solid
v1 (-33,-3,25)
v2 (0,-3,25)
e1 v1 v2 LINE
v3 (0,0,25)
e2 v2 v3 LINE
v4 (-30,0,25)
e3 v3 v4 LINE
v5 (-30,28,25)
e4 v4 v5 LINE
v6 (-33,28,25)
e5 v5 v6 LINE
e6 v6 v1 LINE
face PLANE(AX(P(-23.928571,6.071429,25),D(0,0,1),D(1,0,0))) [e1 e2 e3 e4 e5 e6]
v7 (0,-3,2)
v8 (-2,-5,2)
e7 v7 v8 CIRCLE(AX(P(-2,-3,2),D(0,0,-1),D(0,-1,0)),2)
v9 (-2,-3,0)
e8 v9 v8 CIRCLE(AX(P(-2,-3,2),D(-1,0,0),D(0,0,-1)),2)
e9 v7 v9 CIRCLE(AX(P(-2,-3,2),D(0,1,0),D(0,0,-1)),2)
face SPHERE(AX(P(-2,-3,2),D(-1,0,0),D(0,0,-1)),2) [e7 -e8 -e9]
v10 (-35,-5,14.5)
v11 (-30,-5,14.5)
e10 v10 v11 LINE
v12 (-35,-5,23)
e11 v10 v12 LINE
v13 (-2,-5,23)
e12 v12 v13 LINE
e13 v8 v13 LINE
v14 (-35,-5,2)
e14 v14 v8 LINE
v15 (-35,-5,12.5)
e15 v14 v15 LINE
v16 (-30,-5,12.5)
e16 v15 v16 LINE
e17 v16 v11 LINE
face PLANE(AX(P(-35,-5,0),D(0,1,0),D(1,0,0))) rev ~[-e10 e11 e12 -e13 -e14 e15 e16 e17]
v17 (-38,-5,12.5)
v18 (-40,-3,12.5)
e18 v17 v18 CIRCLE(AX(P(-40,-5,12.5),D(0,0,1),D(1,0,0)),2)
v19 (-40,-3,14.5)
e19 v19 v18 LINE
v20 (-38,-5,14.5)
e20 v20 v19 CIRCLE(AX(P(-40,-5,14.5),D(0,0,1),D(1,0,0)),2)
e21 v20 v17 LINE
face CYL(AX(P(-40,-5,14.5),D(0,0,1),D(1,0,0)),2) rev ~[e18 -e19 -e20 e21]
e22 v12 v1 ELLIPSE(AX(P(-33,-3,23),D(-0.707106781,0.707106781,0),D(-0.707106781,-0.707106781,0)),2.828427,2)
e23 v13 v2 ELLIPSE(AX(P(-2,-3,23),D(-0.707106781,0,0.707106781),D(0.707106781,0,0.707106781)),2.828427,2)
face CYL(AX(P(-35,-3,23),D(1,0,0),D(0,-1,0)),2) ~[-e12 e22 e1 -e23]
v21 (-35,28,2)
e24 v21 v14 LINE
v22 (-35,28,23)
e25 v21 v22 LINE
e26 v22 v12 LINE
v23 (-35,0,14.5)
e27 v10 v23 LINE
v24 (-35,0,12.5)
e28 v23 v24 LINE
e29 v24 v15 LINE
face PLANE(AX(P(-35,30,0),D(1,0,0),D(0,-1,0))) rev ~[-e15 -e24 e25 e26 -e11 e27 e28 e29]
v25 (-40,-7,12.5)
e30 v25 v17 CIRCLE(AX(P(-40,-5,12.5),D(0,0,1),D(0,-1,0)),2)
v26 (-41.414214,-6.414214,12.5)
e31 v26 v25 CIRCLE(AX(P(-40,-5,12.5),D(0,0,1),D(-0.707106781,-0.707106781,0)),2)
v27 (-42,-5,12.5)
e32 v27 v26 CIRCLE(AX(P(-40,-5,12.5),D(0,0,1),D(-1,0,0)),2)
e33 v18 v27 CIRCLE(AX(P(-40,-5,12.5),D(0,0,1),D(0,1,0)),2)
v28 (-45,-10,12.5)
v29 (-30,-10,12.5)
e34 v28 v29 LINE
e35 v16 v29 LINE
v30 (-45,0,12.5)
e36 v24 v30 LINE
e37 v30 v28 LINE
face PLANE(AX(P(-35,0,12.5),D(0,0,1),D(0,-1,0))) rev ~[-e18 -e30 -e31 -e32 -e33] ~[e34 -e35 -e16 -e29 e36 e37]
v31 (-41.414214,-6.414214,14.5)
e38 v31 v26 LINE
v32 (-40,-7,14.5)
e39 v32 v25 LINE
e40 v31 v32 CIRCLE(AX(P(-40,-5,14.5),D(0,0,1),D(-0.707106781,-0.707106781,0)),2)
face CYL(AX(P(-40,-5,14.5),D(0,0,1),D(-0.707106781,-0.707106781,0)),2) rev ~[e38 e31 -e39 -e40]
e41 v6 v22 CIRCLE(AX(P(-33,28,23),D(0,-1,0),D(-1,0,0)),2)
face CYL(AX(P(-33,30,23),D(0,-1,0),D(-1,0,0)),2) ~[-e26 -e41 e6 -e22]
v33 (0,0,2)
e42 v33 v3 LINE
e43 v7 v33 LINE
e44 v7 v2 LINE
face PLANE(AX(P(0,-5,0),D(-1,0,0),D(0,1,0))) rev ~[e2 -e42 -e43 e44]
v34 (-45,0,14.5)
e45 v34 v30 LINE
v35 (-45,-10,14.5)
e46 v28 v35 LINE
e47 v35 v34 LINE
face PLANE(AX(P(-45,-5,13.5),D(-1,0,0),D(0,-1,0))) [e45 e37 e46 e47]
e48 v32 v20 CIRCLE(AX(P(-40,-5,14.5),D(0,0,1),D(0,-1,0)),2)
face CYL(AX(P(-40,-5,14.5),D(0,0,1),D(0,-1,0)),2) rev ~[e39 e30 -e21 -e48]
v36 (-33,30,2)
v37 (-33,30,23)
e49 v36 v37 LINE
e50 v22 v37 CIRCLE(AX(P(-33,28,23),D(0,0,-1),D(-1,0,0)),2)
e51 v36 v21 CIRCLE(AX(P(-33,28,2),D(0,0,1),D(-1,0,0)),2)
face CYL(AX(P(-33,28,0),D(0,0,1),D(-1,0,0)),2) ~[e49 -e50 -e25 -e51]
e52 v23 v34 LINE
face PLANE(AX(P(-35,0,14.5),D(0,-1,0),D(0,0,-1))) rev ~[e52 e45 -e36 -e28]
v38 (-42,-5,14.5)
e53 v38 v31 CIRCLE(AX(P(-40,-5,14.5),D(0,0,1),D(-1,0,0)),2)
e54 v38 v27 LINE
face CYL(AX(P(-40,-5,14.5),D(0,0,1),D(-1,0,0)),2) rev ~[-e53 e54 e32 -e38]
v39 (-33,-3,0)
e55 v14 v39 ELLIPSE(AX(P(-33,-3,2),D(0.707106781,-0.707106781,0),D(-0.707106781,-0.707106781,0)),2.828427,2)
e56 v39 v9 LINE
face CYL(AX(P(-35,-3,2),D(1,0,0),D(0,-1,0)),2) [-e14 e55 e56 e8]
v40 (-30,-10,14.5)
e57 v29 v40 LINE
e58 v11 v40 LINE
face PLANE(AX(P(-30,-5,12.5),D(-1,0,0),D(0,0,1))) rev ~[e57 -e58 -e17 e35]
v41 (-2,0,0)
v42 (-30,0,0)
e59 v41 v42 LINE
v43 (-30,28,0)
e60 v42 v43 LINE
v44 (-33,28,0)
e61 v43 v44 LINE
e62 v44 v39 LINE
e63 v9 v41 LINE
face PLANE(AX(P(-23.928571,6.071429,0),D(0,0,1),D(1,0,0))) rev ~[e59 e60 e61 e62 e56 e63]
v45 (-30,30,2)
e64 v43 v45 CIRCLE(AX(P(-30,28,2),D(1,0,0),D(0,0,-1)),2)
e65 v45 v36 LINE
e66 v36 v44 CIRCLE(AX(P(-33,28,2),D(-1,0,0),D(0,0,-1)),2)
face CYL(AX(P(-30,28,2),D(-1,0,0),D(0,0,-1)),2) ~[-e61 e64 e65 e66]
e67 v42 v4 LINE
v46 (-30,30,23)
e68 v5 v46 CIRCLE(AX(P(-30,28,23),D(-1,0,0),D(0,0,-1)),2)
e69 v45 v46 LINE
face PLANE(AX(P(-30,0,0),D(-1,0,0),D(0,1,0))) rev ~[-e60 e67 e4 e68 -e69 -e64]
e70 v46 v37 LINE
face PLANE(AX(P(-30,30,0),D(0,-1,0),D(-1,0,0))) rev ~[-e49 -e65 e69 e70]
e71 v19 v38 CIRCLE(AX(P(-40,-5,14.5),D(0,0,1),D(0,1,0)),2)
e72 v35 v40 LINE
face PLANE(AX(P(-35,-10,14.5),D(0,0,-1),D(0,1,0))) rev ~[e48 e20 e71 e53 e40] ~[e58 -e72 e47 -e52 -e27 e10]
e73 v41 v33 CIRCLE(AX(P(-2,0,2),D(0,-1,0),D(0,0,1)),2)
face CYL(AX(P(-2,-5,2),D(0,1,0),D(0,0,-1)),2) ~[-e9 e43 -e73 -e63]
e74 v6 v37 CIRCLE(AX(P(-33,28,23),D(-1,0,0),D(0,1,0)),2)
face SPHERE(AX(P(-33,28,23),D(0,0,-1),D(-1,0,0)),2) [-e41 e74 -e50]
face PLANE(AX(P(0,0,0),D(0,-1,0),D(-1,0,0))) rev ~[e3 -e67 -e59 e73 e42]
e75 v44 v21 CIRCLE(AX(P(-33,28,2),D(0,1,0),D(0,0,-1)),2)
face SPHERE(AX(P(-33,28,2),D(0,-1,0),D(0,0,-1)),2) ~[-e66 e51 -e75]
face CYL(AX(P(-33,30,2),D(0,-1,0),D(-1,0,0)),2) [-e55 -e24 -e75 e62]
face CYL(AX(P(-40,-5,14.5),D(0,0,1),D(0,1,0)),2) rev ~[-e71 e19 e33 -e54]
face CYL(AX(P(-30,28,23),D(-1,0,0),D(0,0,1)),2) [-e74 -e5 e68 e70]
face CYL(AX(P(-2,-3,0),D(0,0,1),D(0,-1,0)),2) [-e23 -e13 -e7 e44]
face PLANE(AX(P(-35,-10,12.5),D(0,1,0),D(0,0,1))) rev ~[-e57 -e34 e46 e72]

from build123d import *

# Parameters (mm, degrees)
F1_DEPTH = 25
F2_W     = 5
F2_H     = 2
F3_DEPTH = 5
F5_DEPTH = 10
F7_DEPTH = 25
F8_R     = 2


with BuildPart() as f1:
    # F0 (on Top) → F1 (new body)
    with BuildSketch(Plane.XY):
        Polygon((0, -5), (0, 0), (-30, 0), (-30, 30), (-35, 30), (-35, -5), align=None)
    extrude(amount=F1_DEPTH)

    # F2 (on face) → F3 (join)
    with BuildSketch(Plane.XZ.offset(5)):
        with Locations((-32.5, 13.5)):
            Rectangle(F2_W, F2_H)
    extrude(amount=F3_DEPTH)

    # F4 (on face) → F5 (join)
    with BuildSketch(Plane(origin=(-35, 0, 0), x_dir=(0, -1, 0), z_dir=(-1, 0, 0))):
        Polygon((10, 14.5), (5, 14.5), (0, 14.5), (0, 12.5), (5, 12.5), (10, 12.5), align=None)
    extrude(amount=F5_DEPTH)

    # F6 (on face) → F7 (cut)
    with BuildSketch(Plane.XY.offset(14.5)):
        with BuildLine():
            Line((-40, -7), (-40, -5))
            Line((-40, -5), (-41.4142135624, -6.4142135624))
            ThreePointArc((-41.4142135624, -6.4142135624), (-40.7653668647, -6.847759065), (-40, -7))
        make_face()
        with BuildLine():
            ThreePointArc((-40, -7), (-38.5857864376, -6.4142135624), (-38, -5))
            Line((-38, -5), (-40, -5))
            Line((-40, -5), (-40, -7))
        make_face()
        with BuildLine():
            Line((-40, -5), (-38, -5))
            ThreePointArc((-38, -5), (-38.5857864376, -3.5857864376), (-40, -3))
            Line((-40, -3), (-40, -5))
        make_face()
        with BuildLine():
            Line((-42, -5), (-40, -5))
            Line((-40, -5), (-40, -3))
            ThreePointArc((-40, -3), (-41.4142135624, -3.5857864376), (-42, -5))
        make_face()
        with BuildLine():
            Line((-41.4142135624, -6.4142135624), (-40, -5))
            Line((-40, -5), (-42, -5))
            ThreePointArc((-42, -5), (-41.847759065, -5.7653668647), (-41.4142135624, -6.4142135624))
        make_face()
    extrude(amount=-F7_DEPTH, mode=Mode.SUBTRACT)

    # F8
    f8_edges = [f1.edges().sort_by_distance(p)[0] for p in [
        (-35, 12.5, 0),
        (-17.5, -5, 0),
        (0, -2.5, 0),
        (-32.5, 30, 0),
        (-35, 30, 12.5),
        (-35, 12.5, 25),
        (-32.5, 30, 25),
        (-17.5, -5, 25),
        (0, -5, 12.5),
    ]]
    fillet(f8_edges, radius=F8_R)


solid = f1.part
